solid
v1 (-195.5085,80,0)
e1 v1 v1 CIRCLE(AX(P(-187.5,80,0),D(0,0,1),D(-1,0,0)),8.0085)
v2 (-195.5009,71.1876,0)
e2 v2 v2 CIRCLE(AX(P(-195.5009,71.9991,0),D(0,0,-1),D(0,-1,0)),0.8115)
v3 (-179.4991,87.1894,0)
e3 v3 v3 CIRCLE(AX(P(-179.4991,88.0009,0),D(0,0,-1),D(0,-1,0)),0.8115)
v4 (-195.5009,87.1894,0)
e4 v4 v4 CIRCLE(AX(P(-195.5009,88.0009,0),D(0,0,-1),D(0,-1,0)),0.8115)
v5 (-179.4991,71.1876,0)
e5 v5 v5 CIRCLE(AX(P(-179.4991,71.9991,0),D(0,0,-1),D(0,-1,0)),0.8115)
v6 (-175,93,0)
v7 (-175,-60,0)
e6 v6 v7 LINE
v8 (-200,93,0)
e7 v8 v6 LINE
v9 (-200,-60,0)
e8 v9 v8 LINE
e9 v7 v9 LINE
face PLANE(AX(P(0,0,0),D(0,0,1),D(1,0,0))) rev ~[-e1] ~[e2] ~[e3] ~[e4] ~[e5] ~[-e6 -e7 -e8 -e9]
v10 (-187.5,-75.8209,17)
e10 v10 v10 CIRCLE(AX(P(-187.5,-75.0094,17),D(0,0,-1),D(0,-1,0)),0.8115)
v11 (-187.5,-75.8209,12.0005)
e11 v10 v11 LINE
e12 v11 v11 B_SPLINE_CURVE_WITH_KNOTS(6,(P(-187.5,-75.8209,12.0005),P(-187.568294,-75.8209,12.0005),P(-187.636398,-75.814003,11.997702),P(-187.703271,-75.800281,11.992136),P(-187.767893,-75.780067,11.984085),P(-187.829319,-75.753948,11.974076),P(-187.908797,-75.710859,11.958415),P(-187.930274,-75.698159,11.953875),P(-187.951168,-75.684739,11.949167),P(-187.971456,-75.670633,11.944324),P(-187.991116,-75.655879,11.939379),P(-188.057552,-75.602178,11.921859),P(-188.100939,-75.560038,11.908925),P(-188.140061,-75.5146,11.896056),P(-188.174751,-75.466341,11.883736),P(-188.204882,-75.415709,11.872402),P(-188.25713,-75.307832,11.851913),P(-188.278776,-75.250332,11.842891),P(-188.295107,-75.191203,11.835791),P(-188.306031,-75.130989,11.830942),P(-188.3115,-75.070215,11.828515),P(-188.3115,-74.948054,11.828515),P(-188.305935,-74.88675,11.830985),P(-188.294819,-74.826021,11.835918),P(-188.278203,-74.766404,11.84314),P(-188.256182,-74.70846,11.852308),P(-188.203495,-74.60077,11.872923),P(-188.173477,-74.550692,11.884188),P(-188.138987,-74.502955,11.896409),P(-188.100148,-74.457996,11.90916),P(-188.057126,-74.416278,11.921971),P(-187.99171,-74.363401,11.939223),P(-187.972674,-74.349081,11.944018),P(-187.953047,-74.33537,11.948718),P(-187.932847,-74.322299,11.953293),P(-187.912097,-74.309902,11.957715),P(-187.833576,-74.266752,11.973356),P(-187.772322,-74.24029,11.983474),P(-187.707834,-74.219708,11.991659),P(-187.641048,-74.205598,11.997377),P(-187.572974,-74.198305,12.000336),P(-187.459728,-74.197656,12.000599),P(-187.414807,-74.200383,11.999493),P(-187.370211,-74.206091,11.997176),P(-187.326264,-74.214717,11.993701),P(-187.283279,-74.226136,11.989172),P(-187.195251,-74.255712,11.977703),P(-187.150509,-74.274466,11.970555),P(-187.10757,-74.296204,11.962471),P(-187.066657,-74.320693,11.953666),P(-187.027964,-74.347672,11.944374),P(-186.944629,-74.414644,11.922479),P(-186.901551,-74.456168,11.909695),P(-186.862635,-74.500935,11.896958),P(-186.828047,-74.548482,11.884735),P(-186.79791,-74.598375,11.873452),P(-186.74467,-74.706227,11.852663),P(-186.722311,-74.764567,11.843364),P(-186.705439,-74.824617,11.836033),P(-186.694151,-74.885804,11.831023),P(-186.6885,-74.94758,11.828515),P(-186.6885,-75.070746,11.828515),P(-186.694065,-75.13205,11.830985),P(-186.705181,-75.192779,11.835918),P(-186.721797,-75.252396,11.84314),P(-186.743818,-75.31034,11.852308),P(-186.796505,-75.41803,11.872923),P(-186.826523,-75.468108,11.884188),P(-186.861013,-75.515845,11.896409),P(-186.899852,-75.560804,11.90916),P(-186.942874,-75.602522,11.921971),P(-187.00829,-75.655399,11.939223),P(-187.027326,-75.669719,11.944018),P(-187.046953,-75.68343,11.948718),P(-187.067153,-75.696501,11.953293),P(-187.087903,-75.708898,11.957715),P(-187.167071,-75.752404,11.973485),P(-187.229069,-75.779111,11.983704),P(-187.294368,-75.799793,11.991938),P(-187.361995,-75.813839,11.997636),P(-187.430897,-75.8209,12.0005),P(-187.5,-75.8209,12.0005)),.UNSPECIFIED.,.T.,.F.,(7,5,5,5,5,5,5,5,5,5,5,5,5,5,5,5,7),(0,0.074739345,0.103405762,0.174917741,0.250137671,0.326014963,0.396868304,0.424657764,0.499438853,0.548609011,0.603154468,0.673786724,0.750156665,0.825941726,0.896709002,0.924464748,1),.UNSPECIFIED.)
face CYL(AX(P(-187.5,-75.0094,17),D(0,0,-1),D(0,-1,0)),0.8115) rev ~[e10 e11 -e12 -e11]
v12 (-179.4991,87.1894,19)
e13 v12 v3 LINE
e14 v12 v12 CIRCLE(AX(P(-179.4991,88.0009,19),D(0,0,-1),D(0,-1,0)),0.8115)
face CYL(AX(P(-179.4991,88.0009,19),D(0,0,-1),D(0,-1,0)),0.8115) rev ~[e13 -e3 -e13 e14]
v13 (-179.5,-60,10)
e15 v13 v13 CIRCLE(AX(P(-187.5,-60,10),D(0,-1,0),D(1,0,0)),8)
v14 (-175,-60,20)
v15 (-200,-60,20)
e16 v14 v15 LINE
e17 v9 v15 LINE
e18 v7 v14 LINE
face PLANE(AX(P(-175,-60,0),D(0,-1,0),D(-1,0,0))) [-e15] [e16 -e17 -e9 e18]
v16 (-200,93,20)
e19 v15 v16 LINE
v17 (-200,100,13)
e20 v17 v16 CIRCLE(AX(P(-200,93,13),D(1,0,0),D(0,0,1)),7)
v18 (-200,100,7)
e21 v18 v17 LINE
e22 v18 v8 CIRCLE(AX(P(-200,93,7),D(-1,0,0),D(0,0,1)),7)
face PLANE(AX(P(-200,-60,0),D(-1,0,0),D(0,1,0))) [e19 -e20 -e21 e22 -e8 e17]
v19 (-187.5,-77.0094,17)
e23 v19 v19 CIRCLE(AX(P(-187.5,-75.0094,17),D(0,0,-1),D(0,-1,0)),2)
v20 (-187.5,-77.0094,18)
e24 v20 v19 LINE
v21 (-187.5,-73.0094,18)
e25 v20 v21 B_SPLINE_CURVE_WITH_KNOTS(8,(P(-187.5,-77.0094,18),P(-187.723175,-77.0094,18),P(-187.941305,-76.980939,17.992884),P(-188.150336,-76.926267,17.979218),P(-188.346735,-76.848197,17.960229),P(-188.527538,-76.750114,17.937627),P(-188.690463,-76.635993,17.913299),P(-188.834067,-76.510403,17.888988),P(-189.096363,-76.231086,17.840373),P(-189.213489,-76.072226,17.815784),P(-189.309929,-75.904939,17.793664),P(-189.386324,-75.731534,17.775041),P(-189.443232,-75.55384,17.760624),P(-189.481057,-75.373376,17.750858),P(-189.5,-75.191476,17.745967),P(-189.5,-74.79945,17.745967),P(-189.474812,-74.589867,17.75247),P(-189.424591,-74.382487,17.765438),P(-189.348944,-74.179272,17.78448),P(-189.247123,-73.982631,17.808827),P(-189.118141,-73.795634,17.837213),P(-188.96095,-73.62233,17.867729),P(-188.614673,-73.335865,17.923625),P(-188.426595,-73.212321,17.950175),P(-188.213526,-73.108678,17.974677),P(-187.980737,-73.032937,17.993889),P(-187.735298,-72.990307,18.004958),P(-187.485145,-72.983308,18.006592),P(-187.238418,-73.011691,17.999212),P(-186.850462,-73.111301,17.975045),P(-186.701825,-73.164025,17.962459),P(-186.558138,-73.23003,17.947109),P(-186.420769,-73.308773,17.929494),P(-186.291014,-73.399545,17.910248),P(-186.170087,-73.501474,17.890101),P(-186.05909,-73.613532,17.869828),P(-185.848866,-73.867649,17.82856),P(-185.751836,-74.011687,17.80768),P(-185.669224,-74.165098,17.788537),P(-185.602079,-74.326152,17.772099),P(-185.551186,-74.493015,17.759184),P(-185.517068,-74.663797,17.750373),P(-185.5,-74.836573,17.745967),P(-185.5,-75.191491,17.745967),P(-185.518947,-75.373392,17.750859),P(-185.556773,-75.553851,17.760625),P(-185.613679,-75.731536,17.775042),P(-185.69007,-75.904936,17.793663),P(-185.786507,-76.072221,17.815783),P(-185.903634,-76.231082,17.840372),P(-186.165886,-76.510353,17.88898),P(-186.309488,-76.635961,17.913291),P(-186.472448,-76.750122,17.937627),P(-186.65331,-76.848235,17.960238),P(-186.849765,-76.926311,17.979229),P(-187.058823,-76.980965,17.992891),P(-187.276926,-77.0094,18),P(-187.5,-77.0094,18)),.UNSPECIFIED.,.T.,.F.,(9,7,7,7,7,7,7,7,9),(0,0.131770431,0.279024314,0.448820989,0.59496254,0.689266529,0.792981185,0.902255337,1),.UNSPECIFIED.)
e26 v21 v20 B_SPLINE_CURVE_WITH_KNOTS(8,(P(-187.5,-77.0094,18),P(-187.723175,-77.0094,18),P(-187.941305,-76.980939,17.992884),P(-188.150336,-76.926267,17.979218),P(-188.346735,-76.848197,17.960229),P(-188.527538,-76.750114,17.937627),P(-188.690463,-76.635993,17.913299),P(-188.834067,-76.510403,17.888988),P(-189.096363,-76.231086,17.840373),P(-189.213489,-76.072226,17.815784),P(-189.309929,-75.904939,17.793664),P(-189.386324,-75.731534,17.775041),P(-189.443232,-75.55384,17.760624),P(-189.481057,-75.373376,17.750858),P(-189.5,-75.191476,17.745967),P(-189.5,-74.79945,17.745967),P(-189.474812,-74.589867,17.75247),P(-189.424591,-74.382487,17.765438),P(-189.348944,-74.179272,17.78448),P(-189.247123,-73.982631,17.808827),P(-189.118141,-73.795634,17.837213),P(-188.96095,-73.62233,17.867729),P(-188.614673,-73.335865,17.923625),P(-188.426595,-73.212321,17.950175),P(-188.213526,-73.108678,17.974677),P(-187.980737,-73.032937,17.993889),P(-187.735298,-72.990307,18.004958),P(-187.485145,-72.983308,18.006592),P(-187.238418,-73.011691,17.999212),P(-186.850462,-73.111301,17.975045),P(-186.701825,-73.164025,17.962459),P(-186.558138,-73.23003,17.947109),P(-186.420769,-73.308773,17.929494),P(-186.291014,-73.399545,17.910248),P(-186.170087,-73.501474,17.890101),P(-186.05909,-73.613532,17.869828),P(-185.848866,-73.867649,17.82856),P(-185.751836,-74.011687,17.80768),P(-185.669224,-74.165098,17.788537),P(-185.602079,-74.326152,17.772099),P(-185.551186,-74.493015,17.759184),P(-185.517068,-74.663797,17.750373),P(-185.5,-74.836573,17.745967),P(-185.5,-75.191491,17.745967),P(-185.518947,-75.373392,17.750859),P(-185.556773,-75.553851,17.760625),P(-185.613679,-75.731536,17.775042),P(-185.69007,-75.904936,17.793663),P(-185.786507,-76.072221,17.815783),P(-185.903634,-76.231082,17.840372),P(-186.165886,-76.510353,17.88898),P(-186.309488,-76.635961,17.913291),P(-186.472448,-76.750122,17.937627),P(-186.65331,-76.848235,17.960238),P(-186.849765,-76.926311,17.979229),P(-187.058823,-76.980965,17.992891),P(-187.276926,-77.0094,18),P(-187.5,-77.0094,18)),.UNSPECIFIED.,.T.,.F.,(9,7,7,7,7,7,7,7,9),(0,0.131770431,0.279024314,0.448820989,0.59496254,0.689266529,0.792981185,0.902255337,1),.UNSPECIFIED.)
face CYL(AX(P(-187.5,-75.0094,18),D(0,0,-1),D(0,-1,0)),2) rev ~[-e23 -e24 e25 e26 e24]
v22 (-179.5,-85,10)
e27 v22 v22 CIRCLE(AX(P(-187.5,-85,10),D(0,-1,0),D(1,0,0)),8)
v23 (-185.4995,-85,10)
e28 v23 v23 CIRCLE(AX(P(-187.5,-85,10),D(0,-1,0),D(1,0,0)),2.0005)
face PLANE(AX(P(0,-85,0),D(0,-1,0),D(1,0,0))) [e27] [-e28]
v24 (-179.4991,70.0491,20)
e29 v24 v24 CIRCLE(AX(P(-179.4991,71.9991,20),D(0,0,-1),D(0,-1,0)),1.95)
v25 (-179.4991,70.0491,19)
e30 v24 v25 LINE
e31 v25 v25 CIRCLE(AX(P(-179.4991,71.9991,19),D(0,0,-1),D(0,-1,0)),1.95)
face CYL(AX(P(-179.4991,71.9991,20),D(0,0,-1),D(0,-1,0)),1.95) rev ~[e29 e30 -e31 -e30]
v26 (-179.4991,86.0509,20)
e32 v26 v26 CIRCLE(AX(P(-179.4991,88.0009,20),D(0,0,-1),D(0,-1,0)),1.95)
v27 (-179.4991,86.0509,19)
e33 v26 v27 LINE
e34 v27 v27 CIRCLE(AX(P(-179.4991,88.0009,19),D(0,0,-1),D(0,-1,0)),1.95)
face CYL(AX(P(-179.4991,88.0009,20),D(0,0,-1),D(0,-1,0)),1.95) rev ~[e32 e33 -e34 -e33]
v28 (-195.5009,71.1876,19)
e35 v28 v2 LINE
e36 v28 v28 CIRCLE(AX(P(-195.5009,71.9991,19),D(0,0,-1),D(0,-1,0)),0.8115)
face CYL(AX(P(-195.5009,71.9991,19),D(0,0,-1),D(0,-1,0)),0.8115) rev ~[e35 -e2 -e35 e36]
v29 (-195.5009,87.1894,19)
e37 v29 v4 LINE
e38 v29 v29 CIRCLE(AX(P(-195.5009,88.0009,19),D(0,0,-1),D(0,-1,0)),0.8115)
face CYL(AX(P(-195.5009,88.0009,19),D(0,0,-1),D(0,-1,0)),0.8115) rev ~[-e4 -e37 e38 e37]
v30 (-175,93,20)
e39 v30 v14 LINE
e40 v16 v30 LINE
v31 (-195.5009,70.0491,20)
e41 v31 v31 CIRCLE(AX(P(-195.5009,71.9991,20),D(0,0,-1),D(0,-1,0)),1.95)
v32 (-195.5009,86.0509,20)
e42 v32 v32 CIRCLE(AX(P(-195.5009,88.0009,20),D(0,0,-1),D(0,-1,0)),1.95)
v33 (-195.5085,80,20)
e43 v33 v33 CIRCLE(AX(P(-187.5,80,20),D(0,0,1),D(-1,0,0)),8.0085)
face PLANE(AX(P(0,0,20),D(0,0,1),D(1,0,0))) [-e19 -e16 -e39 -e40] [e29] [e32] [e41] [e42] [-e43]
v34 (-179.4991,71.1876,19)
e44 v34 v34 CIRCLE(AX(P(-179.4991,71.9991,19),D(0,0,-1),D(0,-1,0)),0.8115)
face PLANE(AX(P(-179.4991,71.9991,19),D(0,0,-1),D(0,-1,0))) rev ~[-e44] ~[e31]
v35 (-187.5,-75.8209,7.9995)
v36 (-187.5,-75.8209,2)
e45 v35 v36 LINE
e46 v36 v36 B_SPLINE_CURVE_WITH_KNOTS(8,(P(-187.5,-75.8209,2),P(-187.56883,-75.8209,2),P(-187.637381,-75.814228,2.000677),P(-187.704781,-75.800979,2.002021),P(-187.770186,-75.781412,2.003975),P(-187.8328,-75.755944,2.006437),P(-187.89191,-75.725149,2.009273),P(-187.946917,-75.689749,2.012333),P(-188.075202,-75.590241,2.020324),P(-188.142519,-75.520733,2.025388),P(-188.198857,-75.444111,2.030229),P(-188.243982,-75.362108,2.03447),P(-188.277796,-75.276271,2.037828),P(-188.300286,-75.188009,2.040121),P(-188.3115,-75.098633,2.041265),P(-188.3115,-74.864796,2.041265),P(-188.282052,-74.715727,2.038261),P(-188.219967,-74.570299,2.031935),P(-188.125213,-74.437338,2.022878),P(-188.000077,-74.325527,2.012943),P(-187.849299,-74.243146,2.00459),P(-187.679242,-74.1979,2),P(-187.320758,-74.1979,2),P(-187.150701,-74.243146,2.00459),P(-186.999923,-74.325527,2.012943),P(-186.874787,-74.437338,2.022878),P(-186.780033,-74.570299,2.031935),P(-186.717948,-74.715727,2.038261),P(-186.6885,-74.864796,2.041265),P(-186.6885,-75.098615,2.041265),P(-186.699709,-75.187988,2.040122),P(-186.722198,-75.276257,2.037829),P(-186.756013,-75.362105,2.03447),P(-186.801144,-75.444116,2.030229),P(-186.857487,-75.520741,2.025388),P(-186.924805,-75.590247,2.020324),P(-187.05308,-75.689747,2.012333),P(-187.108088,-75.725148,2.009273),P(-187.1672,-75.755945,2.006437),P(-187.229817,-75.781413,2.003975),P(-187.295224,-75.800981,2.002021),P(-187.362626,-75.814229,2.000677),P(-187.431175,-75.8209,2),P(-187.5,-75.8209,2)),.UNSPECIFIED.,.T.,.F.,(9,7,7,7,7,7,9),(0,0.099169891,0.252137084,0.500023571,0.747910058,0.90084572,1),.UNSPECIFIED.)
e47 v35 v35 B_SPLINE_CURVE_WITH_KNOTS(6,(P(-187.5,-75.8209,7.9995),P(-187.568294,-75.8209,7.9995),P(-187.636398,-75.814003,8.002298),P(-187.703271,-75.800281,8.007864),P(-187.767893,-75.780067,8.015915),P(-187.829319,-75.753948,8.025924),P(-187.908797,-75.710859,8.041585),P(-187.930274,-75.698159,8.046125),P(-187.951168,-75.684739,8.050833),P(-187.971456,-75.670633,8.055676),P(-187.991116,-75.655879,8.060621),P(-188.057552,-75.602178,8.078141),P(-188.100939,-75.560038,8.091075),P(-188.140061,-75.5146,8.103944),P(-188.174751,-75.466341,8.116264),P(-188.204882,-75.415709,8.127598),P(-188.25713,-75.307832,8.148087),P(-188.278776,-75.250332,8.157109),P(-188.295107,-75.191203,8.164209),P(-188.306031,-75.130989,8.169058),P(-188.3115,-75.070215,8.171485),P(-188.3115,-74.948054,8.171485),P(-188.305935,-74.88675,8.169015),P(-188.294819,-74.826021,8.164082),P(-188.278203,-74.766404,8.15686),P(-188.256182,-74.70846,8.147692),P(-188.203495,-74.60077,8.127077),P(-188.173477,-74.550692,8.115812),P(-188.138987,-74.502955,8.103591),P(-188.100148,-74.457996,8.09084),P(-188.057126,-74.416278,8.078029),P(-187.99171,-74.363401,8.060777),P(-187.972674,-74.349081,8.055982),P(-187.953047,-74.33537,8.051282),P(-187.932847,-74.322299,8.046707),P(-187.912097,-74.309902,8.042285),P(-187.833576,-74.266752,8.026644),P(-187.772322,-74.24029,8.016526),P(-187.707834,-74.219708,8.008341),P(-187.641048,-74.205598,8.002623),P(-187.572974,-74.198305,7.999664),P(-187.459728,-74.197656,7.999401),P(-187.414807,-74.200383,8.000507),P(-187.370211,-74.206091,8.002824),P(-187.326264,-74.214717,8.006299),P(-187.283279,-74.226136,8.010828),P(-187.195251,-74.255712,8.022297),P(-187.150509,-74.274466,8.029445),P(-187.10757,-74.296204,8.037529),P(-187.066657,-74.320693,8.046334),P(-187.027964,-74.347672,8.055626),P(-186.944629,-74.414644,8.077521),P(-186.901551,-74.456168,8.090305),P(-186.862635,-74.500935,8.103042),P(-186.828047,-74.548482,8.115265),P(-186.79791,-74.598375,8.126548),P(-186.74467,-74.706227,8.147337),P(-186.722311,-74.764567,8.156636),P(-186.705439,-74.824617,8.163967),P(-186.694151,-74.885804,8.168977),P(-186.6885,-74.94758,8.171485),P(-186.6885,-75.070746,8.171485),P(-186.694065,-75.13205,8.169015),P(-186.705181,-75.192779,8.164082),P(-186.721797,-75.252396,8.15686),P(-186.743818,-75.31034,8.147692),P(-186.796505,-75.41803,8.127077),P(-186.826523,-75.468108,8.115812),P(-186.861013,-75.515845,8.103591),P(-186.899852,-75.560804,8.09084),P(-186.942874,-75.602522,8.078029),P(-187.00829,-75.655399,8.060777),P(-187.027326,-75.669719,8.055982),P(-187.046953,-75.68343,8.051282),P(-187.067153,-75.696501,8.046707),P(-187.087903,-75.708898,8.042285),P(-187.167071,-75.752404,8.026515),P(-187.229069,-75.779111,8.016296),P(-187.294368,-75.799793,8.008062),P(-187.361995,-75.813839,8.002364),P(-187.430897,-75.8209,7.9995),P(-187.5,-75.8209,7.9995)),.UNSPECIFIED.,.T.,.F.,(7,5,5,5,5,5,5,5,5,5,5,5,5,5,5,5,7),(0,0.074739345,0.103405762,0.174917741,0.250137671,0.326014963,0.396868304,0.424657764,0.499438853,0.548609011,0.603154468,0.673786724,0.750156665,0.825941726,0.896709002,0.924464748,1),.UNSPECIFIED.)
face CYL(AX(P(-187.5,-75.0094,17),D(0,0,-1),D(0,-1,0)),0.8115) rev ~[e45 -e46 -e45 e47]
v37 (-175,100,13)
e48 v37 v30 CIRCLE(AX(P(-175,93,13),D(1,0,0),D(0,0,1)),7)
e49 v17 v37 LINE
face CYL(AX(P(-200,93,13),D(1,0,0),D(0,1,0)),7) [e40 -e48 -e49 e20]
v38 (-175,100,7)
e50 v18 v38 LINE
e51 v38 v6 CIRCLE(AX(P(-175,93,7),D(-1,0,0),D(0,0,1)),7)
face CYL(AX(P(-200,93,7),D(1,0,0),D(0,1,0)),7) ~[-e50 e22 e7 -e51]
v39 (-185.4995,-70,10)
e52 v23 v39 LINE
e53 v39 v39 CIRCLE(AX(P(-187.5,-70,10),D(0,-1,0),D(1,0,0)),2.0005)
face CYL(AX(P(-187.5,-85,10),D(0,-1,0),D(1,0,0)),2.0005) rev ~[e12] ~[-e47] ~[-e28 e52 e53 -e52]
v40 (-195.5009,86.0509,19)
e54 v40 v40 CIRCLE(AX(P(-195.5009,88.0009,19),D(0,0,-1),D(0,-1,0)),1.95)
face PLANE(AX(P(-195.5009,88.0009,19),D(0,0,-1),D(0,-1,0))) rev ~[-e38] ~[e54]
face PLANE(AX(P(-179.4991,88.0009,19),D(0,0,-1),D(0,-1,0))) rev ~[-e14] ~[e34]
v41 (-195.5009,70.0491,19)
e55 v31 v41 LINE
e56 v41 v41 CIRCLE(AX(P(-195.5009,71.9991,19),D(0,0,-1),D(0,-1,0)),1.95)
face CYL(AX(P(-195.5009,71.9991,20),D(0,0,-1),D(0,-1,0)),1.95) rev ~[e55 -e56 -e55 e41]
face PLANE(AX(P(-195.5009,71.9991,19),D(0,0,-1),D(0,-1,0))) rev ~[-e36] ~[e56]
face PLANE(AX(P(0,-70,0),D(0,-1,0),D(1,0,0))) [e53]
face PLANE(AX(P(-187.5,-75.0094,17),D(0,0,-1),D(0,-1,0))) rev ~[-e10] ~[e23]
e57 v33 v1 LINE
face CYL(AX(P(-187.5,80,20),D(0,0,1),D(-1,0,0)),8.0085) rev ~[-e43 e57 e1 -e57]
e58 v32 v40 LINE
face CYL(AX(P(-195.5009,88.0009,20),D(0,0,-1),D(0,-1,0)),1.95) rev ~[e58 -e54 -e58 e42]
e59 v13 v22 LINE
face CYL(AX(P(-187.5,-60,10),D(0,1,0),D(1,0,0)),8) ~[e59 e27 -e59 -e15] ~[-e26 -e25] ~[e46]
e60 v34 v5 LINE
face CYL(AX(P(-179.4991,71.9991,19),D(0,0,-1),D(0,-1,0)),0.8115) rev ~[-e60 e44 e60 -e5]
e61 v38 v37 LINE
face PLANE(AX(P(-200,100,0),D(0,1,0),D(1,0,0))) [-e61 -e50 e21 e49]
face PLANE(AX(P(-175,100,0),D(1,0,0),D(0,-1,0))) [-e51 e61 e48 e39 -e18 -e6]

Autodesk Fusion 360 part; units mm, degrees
sketch "Sketch4" plane through (0, 0, 0) normal (0, 0, 1) x (1, 0, 0)
  line L0 (-200, 100) -> (-175, 100)
  line L1 (-175, 100) -> (-175, -60)
  line L2 (-175, -60) -> (-200, -60)
  line L3 (-200, -60) -> (-200, 100)
  dimension "d3" = 25
  dimension "d4" = 160
extrude "Extrude1" add sketch "Sketch4" along normal blind 20
sketch "Sketch5" plane through (0, 0, 20) normal (0, 0, 1) x (-1, 0, 0)
  line L0 (200, 60) -> (175, 60)
  line L1 (175, 60) -> (175, -100)
  line L2 (175, -100) -> (200, -100)
  line L3 (200, -100) -> (200, 60)
  circle A0 centre (187.5, -80) radius 8.0085
  dimension "d8" = 16.017
extrude "Extrude2" cut sketch "Sketch5" against normal blind 55 contours A0
fillet "Fillet1" radius 7 2 edges at (-187.5, 100, 20) (-187.5, 100, 0)
sketch "Sketch11" plane through (0, 0, 20) normal (0, 0, 1) x (-1, 0, 0)
  line L0 (200, -93) -> (200, 60)
  line L1 (200, 60) -> (175, 60)
  line L2 (175, 60) -> (175, -93)
  circle A0 centre (187.5, -80) radius 8.0085
  line L3 (187.5, -80) -> (179.4991, -88.0009)
  line L4 (187.5, -80) -> (195.5009, -88.0009)
  line L5 (187.5, -80) -> (195.5009, -71.9991)
  line L6 (187.5, -80) -> (179.4991, -71.9991)
  line L7 (175, -93) -> (200, -93)
hole "Hole2" at (-179.4991, 71.9991, 20) at (-179.4991, 88.0009, 20) at (-195.5009, 88.0009, 20) at (-195.5009, 71.9991, 20) direction (0, 0, -1) diameter 1.623 depth 20 tip angle 180 counterbore diameter 3.9 counterbore depth 1
sketch "Sketch13" plane through (0, -60, 0) normal (0, -1, 0) x (1, 0, 0)
  line L0 (-200, 0) -> (-175, 0)
  line L1 (-175, 0) -> (-175, 20)
  line L2 (-175, 20) -> (-200, 20)
  line L3 (-200, 20) -> (-200, 0)
  circle A0 centre (-187.5, 10) radius 8
  dimension "d46" = 16
extrude "Extrude8" add sketch "Sketch13" along normal blind 25 contours A0
sketch "Sketch14" plane through (0, -85, 0) normal (0, -1, 0) x (1, 0, 0)
  circle A0 centre (-187.5, 10) radius 8
  circle A1 centre (-187.5, 10) radius 2.0005
  dimension "d49" = 4.001
extrude "Extrude9" cut sketch "Sketch14" against normal blind 15 contours A1
sketch "Sketch16" plane through (0, -85, 0) normal (0, -1, 0) x (1, 0, 0)
  circle A0 centre (-187.5, 10) radius 2.0005
  circle A1 centre (-187.5, 10) radius 8
  curve A2
hole "Hole4" at (-187.5, -75.0094, 18) direction (0, 0, -1) diameter 1.623 end through all counterbore diameter 4 counterbore depth 1
component "4124A15_7-1 4 Diameter Smooth-Cut Circular Saw Blade for Wood" placed x (1, 0, 0) y (0, 1, 0) z (0, 0, 1) at (0, 0, 0)
component "6343K96_Bearing Locknut" placed x (1, 0, 0) y (0, 0, -1) z (0, 1, 0) at (-164.7507, -187.0518, -22.2618)
component "6627T34_Stepper Motor" placed x (1, 0, 0) y (0, 1, 0) z (0, 0, 1) at (-161.9415, -183.813, -21.8716)
